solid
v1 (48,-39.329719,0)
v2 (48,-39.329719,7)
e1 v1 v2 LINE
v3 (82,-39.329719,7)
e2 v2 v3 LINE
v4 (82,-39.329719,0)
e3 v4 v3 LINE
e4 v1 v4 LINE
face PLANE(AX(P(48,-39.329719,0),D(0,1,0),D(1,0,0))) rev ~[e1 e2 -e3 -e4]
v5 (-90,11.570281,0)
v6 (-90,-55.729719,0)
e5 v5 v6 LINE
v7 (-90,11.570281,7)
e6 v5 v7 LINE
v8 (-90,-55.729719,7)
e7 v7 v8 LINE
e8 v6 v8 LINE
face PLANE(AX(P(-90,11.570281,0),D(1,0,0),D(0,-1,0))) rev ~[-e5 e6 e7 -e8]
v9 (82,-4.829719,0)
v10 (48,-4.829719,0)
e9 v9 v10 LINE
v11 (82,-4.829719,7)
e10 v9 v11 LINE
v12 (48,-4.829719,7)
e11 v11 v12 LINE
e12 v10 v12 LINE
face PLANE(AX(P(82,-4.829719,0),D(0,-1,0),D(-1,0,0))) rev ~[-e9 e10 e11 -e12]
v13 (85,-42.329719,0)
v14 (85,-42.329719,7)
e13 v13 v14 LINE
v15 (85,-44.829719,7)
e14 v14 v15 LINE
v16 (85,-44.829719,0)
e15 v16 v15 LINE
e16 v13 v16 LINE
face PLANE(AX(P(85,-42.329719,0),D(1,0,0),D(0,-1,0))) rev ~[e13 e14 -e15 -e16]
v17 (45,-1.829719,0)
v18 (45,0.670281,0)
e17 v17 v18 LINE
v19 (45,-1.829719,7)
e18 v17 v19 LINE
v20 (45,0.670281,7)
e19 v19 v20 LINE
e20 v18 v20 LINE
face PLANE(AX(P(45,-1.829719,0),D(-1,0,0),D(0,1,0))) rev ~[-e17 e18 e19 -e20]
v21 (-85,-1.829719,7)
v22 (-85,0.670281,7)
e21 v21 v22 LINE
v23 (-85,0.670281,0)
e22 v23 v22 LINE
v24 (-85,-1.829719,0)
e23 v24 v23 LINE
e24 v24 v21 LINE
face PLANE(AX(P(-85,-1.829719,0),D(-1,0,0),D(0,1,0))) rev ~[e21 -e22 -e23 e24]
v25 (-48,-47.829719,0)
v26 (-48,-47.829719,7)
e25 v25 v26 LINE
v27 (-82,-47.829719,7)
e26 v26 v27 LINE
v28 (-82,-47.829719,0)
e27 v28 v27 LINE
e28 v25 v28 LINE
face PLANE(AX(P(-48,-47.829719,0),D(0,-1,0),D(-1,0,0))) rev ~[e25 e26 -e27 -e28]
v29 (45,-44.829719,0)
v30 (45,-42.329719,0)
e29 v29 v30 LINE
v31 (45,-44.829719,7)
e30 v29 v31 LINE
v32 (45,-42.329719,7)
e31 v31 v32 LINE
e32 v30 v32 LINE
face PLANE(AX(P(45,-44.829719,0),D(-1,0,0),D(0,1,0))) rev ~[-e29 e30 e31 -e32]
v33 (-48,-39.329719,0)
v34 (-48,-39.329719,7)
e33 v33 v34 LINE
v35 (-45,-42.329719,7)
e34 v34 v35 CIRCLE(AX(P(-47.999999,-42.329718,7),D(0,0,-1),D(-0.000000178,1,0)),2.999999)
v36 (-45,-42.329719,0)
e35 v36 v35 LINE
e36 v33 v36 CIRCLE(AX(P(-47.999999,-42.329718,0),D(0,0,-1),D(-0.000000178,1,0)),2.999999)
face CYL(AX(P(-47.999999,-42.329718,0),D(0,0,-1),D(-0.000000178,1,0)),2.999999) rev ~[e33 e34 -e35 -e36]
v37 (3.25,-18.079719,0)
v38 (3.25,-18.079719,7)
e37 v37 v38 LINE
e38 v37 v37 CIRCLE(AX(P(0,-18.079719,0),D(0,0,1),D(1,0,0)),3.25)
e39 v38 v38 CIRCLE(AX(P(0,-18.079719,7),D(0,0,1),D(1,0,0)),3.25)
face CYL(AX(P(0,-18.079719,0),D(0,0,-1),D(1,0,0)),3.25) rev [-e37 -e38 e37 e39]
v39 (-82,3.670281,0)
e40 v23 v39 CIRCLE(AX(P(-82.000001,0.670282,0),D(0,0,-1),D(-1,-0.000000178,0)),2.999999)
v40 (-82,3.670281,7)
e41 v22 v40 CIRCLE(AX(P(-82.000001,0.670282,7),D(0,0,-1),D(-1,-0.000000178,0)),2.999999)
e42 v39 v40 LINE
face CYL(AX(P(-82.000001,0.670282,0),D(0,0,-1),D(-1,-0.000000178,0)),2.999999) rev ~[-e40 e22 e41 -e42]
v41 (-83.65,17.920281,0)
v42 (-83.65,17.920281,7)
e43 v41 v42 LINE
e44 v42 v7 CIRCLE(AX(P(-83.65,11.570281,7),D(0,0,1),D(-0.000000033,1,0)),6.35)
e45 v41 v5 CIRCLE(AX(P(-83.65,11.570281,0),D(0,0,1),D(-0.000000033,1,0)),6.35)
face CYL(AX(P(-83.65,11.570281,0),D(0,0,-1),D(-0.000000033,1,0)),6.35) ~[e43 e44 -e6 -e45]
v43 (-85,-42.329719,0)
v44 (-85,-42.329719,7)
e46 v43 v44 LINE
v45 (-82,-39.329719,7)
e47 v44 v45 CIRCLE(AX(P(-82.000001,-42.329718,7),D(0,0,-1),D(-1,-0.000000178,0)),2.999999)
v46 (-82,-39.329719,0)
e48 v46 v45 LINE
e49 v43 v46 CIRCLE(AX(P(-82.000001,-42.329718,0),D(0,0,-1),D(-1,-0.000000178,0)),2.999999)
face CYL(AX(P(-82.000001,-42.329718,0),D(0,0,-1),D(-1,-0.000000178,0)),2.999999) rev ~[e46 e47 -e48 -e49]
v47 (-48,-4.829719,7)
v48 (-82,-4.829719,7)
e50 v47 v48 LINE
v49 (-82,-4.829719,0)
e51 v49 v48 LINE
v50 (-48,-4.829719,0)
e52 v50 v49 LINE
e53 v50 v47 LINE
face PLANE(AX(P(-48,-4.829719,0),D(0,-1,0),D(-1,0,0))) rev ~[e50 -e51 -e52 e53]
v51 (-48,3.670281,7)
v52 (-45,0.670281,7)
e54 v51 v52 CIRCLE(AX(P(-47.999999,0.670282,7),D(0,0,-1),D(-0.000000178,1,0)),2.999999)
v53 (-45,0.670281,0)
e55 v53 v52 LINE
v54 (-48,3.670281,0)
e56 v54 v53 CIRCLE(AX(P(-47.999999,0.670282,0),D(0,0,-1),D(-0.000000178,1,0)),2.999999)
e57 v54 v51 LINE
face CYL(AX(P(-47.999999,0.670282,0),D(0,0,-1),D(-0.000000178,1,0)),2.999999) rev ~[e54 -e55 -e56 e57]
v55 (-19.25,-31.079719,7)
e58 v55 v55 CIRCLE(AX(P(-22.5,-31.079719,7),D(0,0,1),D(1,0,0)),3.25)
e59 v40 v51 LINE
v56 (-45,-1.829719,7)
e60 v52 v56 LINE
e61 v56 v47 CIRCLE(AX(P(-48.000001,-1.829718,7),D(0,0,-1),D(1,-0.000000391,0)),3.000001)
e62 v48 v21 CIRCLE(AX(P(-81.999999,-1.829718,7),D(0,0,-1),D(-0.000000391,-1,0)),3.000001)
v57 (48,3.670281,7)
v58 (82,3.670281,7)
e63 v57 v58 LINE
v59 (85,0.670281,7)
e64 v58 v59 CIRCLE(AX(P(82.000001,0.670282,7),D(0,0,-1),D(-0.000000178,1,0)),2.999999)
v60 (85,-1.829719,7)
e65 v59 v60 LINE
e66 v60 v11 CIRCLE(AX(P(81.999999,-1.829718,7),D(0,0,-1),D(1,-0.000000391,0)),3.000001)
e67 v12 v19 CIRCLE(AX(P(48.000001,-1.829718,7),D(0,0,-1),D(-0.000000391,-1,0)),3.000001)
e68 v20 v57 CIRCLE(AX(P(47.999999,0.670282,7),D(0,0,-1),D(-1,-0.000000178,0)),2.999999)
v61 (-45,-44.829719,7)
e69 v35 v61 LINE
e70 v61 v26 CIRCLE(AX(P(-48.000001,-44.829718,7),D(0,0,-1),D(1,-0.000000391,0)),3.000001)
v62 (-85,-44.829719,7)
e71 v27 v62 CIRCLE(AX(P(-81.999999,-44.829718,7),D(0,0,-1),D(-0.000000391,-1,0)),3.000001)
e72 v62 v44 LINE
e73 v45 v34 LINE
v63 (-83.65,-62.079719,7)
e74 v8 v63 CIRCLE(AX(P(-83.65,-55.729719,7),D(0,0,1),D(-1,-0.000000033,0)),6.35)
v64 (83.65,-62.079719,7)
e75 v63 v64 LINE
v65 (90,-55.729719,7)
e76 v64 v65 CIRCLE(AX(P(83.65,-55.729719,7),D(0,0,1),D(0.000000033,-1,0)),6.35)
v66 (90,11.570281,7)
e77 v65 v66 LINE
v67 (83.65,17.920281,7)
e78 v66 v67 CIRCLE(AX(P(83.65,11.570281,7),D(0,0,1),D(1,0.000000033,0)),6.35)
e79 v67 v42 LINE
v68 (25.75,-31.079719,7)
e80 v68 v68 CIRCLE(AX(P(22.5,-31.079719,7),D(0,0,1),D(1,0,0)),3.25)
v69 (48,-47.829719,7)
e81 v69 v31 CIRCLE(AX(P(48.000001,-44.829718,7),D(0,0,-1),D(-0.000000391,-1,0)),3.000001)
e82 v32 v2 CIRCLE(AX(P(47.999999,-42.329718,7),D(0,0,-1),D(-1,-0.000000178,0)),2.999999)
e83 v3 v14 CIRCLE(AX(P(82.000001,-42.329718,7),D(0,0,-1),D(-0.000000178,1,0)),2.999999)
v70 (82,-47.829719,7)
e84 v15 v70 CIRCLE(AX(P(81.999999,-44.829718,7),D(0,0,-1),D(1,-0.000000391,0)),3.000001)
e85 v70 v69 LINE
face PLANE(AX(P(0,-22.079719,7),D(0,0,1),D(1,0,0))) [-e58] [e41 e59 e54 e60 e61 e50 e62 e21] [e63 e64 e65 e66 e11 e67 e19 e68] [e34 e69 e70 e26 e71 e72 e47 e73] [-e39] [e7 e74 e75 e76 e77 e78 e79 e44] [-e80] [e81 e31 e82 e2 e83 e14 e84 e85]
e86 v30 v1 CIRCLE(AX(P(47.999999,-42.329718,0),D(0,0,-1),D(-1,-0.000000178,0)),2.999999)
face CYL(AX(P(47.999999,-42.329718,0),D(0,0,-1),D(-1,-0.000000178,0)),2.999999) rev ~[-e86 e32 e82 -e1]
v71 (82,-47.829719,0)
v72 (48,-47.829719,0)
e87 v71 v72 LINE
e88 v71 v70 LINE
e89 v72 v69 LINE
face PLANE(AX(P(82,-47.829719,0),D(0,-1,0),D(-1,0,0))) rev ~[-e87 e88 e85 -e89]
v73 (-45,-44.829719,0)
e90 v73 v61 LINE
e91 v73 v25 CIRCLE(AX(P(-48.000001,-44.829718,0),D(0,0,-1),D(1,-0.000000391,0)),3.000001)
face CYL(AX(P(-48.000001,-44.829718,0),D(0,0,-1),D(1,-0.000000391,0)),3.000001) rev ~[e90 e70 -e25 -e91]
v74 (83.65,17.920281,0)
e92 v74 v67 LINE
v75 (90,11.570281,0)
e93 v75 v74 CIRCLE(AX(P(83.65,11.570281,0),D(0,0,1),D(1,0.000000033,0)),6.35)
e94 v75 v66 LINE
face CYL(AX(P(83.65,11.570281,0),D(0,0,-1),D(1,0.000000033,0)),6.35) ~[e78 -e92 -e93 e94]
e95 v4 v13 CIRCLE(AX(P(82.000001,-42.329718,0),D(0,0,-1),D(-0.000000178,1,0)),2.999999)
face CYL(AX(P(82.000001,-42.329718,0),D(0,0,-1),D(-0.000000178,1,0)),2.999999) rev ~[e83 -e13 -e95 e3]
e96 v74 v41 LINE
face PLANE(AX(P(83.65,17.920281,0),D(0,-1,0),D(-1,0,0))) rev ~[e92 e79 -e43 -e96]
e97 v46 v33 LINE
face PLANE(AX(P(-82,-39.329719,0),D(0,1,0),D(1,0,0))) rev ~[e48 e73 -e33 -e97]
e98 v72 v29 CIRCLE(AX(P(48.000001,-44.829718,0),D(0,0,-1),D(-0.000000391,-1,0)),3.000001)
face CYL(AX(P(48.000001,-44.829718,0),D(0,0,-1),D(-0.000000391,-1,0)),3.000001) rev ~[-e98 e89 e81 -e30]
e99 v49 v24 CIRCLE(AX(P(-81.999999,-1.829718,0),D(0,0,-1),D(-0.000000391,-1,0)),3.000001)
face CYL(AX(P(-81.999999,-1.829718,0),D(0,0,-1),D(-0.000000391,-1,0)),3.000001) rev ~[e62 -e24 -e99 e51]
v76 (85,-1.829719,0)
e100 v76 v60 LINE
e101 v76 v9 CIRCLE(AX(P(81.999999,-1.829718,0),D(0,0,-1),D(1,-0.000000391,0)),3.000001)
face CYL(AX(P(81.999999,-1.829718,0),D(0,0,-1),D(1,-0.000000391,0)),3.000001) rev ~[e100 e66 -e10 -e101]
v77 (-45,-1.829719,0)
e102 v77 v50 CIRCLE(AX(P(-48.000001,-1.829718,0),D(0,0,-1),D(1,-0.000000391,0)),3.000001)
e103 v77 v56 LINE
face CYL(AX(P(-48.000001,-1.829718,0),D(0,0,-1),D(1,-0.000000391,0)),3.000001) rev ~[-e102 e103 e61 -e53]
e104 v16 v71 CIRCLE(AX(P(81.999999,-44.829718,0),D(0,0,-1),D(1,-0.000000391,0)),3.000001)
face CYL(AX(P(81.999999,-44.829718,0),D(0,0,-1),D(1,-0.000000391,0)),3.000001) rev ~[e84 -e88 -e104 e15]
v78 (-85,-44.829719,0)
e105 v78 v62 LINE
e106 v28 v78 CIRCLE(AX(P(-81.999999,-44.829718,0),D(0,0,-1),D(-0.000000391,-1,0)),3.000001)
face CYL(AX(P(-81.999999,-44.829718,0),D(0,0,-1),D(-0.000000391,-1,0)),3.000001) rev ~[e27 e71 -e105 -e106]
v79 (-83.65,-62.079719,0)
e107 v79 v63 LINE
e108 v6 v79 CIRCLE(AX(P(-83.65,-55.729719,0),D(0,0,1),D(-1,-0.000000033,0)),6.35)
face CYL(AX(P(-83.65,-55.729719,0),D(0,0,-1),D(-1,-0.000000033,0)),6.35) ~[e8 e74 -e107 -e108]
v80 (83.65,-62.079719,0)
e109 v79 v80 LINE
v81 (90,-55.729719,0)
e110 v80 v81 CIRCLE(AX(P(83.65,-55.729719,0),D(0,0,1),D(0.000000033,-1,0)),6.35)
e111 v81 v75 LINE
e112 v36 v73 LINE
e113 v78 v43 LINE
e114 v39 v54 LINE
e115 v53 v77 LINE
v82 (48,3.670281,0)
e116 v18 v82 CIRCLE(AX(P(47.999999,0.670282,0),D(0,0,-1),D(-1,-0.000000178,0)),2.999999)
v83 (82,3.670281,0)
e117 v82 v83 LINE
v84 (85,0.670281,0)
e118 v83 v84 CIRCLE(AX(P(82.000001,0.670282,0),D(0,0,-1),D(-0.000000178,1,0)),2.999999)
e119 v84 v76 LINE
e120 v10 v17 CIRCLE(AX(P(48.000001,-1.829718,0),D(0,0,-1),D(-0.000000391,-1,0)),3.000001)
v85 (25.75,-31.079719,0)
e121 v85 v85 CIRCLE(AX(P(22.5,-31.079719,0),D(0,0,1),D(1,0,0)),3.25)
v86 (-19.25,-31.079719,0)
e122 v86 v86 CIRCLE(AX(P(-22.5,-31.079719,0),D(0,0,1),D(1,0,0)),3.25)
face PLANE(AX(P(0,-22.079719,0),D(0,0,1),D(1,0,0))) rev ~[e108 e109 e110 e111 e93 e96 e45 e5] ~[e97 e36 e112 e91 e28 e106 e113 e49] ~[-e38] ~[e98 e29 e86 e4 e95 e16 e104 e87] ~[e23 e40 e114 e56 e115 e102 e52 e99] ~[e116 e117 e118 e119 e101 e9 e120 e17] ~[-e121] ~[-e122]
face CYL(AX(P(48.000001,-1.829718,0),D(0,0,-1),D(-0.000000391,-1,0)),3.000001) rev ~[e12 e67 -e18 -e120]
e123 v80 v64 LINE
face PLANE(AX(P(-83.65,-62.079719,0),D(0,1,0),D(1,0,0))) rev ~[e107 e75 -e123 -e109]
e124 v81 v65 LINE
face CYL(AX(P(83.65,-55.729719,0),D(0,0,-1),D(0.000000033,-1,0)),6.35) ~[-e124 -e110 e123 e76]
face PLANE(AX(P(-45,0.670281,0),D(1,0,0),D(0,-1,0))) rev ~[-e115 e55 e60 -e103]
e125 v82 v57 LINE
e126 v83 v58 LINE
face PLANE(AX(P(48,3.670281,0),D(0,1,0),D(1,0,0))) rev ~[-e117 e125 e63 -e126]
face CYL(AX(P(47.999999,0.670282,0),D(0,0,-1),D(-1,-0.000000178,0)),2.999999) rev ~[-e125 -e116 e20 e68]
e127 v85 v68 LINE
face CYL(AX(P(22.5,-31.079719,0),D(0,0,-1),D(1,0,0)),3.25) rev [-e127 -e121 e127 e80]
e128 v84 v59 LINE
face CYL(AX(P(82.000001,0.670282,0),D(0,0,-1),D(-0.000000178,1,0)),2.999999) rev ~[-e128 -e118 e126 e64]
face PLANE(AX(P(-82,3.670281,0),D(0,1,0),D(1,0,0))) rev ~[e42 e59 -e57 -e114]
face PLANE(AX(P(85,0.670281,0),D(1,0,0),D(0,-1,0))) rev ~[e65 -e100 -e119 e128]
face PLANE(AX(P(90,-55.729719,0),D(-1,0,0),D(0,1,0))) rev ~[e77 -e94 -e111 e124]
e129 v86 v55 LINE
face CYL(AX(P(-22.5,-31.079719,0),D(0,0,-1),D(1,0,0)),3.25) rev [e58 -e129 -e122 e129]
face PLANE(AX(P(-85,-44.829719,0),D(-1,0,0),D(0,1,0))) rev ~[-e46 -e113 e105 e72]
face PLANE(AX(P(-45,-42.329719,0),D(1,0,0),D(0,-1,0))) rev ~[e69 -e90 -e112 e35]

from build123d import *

# Parameters (mm, degrees)
F0_R     = 3.25
F1_DEPTH = 7


with BuildPart() as f1:
    # F0 (on Top) → F1 (new body)
    with BuildSketch(Plane.XY):
        with BuildLine():
            Line((83.65, 17.920281), (-83.65, 17.920281))
            ThreePointArc((-83.65, 17.920281), (-88.140128, 16.060409), (-90, 11.570281))
            Line((-90, 11.570281), (-90, -55.729719))
            ThreePointArc((-90, -55.729719), (-88.140128, -60.219847), (-83.65, -62.079719))
            Line((-83.65, -62.079719), (83.65, -62.079719))
            ThreePointArc((83.65, -62.079719), (88.140128, -60.219847), (90, -55.729719))
            Line((90, -55.729719), (90, 11.570281))
            ThreePointArc((90, 11.570281), (88.140128, 16.060409), (83.65, 17.920281))
        make_face()
        with BuildLine():
            ThreePointArc((-85, -42.329719), (-84.12132, -40.208398), (-82, -39.329719))
            Line((-82, -39.329719), (-48, -39.329719))
            ThreePointArc((-48, -39.329719), (-45.87868, -40.208398), (-45, -42.329719))
            Line((-45, -42.329719), (-45, -44.829719))
            ThreePointArc((-45, -44.829719), (-45.87868, -46.951039), (-48, -47.829719))
            Line((-48, -47.829719), (-82, -47.829719))
            ThreePointArc((-82, -47.829719), (-84.12132, -46.951039), (-85, -44.829719))
            Line((-85, -44.829719), (-85, -42.329719))
        make_face(mode=Mode.SUBTRACT)
        with Locations((-22.5, -31.079719)):
            Circle(F0_R, mode=Mode.SUBTRACT)
        with BuildLine():
            ThreePointArc((82, -39.329719), (84.12132, -40.208398), (85, -42.329719))
            Line((85, -42.329719), (85, -44.829719))
            ThreePointArc((85, -44.829719), (84.12132, -46.951039), (82, -47.829719))
            Line((82, -47.829719), (48, -47.829719))
            ThreePointArc((48, -47.829719), (45.87868, -46.951039), (45, -44.829719))
            Line((45, -44.829719), (45, -42.329719))
            ThreePointArc((45, -42.329719), (45.87868, -40.208398), (48, -39.329719))
            Line((48, -39.329719), (82, -39.329719))
        make_face(mode=Mode.SUBTRACT)
        with Locations((22.5, -31.079719)):
            Circle(F0_R, mode=Mode.SUBTRACT)
        with BuildLine():
            Line((-48, -4.829719), (-82, -4.829719))
            ThreePointArc((-82, -4.829719), (-84.12132, -3.951039), (-85, -1.829719))
            Line((-85, -1.829719), (-85, 0.670281))
            ThreePointArc((-85, 0.670281), (-84.12132, 2.791602), (-82, 3.670281))
            Line((-82, 3.670281), (-48, 3.670281))
            ThreePointArc((-48, 3.670281), (-45.87868, 2.791602), (-45, 0.670281))
            Line((-45, 0.670281), (-45, -1.829719))
            ThreePointArc((-45, -1.829719), (-45.87868, -3.951039), (-48, -4.829719))
        make_face(mode=Mode.SUBTRACT)
        with Locations((0, -18.079719)):
            Circle(F0_R, mode=Mode.SUBTRACT)
        with BuildLine():
            Line((85, 0.670281), (85, -1.829719))
            ThreePointArc((85, -1.829719), (84.12132, -3.951039), (82, -4.829719))
            Line((82, -4.829719), (48, -4.829719))
            ThreePointArc((48, -4.829719), (45.87868, -3.951039), (45, -1.829719))
            Line((45, -1.829719), (45, 0.670281))
            ThreePointArc((45, 0.670281), (45.87868, 2.791602), (48, 3.670281))
            Line((48, 3.670281), (82, 3.670281))
            ThreePointArc((82, 3.670281), (84.12132, 2.791602), (85, 0.670281))
        make_face(mode=Mode.SUBTRACT)
    extrude(amount=F1_DEPTH)


solid = f1.part
